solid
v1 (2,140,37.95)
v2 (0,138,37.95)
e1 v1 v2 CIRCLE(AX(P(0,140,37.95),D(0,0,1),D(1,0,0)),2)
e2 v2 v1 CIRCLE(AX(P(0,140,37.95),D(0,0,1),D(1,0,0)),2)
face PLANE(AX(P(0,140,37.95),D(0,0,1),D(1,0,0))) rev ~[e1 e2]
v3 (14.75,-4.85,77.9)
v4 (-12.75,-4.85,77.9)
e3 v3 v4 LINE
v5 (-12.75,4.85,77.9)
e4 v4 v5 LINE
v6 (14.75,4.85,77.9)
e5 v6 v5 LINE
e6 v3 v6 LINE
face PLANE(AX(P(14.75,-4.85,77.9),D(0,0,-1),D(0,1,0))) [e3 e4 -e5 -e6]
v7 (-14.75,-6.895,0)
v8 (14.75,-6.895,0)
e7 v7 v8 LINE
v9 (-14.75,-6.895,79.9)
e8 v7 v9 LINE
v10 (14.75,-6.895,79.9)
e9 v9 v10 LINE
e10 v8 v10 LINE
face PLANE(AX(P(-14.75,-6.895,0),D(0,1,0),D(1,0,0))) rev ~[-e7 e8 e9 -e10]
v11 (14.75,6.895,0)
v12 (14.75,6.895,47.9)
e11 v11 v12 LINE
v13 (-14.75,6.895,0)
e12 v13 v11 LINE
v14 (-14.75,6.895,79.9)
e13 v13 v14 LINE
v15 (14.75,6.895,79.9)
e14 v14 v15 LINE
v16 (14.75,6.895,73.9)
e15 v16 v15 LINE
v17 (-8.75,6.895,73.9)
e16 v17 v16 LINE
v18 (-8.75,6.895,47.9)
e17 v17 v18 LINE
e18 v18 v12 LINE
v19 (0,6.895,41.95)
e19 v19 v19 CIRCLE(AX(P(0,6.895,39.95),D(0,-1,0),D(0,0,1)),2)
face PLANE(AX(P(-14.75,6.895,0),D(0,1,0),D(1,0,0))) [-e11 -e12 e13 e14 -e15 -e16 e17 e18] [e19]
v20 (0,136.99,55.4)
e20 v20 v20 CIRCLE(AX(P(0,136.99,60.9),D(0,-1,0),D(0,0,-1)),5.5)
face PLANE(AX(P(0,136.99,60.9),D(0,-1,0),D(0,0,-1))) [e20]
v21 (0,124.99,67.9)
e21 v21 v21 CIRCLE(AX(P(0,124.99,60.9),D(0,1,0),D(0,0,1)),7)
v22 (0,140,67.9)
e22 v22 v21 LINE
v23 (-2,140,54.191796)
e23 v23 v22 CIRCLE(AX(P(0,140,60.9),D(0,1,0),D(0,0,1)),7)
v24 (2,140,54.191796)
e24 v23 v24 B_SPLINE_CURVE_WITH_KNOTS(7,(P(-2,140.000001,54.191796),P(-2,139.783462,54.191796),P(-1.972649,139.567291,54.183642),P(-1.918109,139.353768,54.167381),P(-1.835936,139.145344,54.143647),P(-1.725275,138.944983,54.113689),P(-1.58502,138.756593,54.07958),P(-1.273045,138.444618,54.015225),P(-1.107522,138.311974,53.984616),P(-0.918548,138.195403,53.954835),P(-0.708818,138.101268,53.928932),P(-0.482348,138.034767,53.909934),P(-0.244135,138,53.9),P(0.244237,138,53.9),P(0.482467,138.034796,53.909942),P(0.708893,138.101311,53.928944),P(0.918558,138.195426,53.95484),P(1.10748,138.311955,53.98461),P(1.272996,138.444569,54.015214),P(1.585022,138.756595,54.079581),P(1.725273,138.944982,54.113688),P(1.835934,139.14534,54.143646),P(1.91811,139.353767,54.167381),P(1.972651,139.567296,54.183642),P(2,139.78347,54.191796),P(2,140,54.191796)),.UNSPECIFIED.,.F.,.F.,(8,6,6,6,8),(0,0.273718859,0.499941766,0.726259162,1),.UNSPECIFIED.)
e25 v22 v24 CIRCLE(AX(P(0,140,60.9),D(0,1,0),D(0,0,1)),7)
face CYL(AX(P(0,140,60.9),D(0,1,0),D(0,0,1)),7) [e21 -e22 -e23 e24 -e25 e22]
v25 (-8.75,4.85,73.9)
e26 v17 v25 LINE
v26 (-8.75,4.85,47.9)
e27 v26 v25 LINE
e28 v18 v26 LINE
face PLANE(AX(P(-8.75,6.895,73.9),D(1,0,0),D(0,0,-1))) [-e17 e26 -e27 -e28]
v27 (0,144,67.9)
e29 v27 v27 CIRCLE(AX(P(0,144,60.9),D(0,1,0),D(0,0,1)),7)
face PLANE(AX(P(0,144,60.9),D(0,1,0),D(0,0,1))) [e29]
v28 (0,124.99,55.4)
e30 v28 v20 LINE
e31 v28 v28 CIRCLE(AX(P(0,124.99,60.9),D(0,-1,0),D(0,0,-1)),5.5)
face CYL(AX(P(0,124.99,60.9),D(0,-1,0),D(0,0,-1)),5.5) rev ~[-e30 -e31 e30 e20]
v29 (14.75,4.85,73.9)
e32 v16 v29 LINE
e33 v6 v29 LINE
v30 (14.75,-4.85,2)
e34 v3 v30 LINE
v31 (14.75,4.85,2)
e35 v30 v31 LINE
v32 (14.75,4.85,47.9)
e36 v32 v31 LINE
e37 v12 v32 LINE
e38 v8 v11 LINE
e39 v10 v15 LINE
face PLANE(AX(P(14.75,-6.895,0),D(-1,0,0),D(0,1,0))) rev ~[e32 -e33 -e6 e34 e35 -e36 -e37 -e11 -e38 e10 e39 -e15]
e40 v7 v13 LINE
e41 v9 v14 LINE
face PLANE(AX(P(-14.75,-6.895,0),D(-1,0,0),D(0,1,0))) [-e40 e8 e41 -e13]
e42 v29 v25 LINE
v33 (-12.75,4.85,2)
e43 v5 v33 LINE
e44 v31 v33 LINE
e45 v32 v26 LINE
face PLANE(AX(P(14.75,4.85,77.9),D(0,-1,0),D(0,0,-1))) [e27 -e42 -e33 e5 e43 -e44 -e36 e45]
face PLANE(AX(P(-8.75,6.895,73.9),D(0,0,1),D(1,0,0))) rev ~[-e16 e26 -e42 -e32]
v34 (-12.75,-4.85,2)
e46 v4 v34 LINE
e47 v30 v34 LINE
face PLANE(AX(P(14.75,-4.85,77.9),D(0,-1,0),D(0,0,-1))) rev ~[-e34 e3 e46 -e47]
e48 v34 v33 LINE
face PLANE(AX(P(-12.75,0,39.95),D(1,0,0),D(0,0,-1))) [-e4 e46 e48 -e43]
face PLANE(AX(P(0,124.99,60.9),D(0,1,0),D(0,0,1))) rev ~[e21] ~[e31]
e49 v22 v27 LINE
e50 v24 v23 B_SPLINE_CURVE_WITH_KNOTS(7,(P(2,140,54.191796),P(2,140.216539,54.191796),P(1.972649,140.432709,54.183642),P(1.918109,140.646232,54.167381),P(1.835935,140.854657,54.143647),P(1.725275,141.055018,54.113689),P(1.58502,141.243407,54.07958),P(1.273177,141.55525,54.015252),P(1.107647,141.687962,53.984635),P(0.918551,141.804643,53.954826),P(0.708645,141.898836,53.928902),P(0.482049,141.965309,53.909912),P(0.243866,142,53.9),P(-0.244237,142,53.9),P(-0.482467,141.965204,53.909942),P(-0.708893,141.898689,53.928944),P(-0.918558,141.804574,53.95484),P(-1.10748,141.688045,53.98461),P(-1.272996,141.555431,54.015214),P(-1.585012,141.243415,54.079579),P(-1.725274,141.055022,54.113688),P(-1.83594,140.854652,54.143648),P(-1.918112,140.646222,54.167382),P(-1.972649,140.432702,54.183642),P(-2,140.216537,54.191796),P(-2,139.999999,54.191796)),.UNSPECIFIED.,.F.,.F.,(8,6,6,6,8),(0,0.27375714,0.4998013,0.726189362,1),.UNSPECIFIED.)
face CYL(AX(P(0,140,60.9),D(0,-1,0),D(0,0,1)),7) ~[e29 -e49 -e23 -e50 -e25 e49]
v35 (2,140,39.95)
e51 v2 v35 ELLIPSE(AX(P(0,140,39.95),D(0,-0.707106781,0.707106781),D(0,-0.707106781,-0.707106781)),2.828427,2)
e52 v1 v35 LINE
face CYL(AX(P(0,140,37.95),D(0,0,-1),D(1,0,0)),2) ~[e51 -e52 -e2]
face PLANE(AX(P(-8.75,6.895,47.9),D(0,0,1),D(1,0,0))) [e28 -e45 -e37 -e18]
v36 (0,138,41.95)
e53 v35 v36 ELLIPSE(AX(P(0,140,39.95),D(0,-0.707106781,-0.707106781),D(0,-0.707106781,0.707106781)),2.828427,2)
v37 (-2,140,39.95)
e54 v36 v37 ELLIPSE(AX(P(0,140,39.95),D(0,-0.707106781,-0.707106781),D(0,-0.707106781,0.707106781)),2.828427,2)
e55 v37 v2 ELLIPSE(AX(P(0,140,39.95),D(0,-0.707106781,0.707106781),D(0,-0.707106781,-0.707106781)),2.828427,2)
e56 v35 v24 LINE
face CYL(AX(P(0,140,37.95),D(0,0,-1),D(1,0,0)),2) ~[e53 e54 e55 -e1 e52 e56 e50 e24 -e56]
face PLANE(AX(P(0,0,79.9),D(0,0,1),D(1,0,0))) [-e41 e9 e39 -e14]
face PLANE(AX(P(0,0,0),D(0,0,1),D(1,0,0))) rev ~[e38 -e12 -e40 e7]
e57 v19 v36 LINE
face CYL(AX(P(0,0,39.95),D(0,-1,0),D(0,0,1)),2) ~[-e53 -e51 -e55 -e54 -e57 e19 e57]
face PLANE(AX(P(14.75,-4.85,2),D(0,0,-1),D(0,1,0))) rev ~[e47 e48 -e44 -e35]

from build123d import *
from build123d.topology import SkipClean

# Parameters (mm, degrees)
SKETCH4_R           = 2
BOSS_EXTRUDE1_DEPTH = 140
SKETCH5_W           = 29.5
SKETCH5_H           = 13.79
BOSS_EXTRUDE3_DEPTH = 79.9
SKETCH6_W           = 75.9
SKETCH6_H           = 9.7
CUT_EXTRUDE1_DEPTH  = 27.5
SKETCH7_W           = 23.5
SKETCH7_H           = 26
CUT_EXTRUDE2_DEPTH  = 3
SKETCH8_R           = 2
BOSS_EXTRUDE4_DEPTH = 22.95
SKETCH12_R          = 7
BOSS_EXTRUDE6_DEPTH = 15.01
SKETCH13_R          = 7
BOSS_EXTRUDE7_DEPTH = 4
SKETCH14_R          = 5.5
CUT_EXTRUDE3_DEPTH  = 12


with BuildPart() as part:
    # Sketch4 → Boss-Extrude1 (new body)
    with BuildSketch(Plane(origin=(0, 0, 0), x_dir=(1, 0, 0), z_dir=(0, 1, 0))):
        with Locations(Location((0, -39.95, 0), (0, 0, 270))):
            Circle(SKETCH4_R)
    extrude(amount=BOSS_EXTRUDE1_DEPTH)

    # Sketch5 → Boss-Extrude3 (add)
    with BuildSketch(Plane.XY):
        Rectangle(SKETCH5_W, SKETCH5_H)
    extrude(amount=BOSS_EXTRUDE3_DEPTH)

    # Sketch6 → Cut-Extrude1 (cut)
    with BuildSketch(Plane(origin=(14.75, 0, 0), x_dir=(0, 0, -1), z_dir=(1, 0, 0))):
        with Locations((-39.95, 0)):
            Rectangle(SKETCH6_W, SKETCH6_H)
    extrude(amount=-CUT_EXTRUDE1_DEPTH, mode=Mode.SUBTRACT)

    # Sketch7 → Cut-Extrude2 (cut)
    with BuildSketch(Plane(origin=(0, 6.895, 0), x_dir=(1, 0, 0), z_dir=(0, 1, 0))):
        with Locations((3, -60.9)):
            Rectangle(SKETCH7_W, SKETCH7_H)
    extrude(amount=-CUT_EXTRUDE2_DEPTH, mode=Mode.SUBTRACT)

    # Sketch8 → Boss-Extrude4 (add)
    with SkipClean():  # the faces are left unmerged after this step: merging them gives an invalid solid
        with BuildSketch(Plane.XY.offset(37.95)):
            with Locations((0, 140)):
                Circle(SKETCH8_R)
        extrude(amount=BOSS_EXTRUDE4_DEPTH)

    # Sketch12 → Boss-Extrude6 (add)
    with SkipClean():  # the faces are left unmerged after this step: merging them gives an invalid solid
        with BuildSketch(Plane(origin=(0, 140, 0), x_dir=(1, 0, 0), z_dir=(0, 1, 0))):
            with Locations(Location((0, -60.9, 0), (0, 0, 270))):
                Circle(SKETCH12_R)
        extrude(amount=-BOSS_EXTRUDE6_DEPTH)

    # Sketch13 → Boss-Extrude7 (add)
    with SkipClean():  # the faces are left unmerged after this step: merging them gives an invalid solid
        with BuildSketch(Plane(origin=(0, 140, 0), x_dir=(1, 0, 0), z_dir=(0, 1, 0))):
            with Locations(Location((0, -60.9, 0), (0, 0, 270))):
                Circle(SKETCH13_R)
        extrude(amount=BOSS_EXTRUDE7_DEPTH)

    # Sketch14 → Cut-Extrude3 (cut)
    with SkipClean():  # the faces are left unmerged after this step: merging them gives an invalid solid
        with BuildSketch(Plane.XZ.offset(-124.99)):
            with Locations(Location((0, 60.9, 0), (0, 0, 270))):
                Circle(SKETCH14_R)
        extrude(amount=-CUT_EXTRUDE3_DEPTH, mode=Mode.SUBTRACT)


solid = part.part
